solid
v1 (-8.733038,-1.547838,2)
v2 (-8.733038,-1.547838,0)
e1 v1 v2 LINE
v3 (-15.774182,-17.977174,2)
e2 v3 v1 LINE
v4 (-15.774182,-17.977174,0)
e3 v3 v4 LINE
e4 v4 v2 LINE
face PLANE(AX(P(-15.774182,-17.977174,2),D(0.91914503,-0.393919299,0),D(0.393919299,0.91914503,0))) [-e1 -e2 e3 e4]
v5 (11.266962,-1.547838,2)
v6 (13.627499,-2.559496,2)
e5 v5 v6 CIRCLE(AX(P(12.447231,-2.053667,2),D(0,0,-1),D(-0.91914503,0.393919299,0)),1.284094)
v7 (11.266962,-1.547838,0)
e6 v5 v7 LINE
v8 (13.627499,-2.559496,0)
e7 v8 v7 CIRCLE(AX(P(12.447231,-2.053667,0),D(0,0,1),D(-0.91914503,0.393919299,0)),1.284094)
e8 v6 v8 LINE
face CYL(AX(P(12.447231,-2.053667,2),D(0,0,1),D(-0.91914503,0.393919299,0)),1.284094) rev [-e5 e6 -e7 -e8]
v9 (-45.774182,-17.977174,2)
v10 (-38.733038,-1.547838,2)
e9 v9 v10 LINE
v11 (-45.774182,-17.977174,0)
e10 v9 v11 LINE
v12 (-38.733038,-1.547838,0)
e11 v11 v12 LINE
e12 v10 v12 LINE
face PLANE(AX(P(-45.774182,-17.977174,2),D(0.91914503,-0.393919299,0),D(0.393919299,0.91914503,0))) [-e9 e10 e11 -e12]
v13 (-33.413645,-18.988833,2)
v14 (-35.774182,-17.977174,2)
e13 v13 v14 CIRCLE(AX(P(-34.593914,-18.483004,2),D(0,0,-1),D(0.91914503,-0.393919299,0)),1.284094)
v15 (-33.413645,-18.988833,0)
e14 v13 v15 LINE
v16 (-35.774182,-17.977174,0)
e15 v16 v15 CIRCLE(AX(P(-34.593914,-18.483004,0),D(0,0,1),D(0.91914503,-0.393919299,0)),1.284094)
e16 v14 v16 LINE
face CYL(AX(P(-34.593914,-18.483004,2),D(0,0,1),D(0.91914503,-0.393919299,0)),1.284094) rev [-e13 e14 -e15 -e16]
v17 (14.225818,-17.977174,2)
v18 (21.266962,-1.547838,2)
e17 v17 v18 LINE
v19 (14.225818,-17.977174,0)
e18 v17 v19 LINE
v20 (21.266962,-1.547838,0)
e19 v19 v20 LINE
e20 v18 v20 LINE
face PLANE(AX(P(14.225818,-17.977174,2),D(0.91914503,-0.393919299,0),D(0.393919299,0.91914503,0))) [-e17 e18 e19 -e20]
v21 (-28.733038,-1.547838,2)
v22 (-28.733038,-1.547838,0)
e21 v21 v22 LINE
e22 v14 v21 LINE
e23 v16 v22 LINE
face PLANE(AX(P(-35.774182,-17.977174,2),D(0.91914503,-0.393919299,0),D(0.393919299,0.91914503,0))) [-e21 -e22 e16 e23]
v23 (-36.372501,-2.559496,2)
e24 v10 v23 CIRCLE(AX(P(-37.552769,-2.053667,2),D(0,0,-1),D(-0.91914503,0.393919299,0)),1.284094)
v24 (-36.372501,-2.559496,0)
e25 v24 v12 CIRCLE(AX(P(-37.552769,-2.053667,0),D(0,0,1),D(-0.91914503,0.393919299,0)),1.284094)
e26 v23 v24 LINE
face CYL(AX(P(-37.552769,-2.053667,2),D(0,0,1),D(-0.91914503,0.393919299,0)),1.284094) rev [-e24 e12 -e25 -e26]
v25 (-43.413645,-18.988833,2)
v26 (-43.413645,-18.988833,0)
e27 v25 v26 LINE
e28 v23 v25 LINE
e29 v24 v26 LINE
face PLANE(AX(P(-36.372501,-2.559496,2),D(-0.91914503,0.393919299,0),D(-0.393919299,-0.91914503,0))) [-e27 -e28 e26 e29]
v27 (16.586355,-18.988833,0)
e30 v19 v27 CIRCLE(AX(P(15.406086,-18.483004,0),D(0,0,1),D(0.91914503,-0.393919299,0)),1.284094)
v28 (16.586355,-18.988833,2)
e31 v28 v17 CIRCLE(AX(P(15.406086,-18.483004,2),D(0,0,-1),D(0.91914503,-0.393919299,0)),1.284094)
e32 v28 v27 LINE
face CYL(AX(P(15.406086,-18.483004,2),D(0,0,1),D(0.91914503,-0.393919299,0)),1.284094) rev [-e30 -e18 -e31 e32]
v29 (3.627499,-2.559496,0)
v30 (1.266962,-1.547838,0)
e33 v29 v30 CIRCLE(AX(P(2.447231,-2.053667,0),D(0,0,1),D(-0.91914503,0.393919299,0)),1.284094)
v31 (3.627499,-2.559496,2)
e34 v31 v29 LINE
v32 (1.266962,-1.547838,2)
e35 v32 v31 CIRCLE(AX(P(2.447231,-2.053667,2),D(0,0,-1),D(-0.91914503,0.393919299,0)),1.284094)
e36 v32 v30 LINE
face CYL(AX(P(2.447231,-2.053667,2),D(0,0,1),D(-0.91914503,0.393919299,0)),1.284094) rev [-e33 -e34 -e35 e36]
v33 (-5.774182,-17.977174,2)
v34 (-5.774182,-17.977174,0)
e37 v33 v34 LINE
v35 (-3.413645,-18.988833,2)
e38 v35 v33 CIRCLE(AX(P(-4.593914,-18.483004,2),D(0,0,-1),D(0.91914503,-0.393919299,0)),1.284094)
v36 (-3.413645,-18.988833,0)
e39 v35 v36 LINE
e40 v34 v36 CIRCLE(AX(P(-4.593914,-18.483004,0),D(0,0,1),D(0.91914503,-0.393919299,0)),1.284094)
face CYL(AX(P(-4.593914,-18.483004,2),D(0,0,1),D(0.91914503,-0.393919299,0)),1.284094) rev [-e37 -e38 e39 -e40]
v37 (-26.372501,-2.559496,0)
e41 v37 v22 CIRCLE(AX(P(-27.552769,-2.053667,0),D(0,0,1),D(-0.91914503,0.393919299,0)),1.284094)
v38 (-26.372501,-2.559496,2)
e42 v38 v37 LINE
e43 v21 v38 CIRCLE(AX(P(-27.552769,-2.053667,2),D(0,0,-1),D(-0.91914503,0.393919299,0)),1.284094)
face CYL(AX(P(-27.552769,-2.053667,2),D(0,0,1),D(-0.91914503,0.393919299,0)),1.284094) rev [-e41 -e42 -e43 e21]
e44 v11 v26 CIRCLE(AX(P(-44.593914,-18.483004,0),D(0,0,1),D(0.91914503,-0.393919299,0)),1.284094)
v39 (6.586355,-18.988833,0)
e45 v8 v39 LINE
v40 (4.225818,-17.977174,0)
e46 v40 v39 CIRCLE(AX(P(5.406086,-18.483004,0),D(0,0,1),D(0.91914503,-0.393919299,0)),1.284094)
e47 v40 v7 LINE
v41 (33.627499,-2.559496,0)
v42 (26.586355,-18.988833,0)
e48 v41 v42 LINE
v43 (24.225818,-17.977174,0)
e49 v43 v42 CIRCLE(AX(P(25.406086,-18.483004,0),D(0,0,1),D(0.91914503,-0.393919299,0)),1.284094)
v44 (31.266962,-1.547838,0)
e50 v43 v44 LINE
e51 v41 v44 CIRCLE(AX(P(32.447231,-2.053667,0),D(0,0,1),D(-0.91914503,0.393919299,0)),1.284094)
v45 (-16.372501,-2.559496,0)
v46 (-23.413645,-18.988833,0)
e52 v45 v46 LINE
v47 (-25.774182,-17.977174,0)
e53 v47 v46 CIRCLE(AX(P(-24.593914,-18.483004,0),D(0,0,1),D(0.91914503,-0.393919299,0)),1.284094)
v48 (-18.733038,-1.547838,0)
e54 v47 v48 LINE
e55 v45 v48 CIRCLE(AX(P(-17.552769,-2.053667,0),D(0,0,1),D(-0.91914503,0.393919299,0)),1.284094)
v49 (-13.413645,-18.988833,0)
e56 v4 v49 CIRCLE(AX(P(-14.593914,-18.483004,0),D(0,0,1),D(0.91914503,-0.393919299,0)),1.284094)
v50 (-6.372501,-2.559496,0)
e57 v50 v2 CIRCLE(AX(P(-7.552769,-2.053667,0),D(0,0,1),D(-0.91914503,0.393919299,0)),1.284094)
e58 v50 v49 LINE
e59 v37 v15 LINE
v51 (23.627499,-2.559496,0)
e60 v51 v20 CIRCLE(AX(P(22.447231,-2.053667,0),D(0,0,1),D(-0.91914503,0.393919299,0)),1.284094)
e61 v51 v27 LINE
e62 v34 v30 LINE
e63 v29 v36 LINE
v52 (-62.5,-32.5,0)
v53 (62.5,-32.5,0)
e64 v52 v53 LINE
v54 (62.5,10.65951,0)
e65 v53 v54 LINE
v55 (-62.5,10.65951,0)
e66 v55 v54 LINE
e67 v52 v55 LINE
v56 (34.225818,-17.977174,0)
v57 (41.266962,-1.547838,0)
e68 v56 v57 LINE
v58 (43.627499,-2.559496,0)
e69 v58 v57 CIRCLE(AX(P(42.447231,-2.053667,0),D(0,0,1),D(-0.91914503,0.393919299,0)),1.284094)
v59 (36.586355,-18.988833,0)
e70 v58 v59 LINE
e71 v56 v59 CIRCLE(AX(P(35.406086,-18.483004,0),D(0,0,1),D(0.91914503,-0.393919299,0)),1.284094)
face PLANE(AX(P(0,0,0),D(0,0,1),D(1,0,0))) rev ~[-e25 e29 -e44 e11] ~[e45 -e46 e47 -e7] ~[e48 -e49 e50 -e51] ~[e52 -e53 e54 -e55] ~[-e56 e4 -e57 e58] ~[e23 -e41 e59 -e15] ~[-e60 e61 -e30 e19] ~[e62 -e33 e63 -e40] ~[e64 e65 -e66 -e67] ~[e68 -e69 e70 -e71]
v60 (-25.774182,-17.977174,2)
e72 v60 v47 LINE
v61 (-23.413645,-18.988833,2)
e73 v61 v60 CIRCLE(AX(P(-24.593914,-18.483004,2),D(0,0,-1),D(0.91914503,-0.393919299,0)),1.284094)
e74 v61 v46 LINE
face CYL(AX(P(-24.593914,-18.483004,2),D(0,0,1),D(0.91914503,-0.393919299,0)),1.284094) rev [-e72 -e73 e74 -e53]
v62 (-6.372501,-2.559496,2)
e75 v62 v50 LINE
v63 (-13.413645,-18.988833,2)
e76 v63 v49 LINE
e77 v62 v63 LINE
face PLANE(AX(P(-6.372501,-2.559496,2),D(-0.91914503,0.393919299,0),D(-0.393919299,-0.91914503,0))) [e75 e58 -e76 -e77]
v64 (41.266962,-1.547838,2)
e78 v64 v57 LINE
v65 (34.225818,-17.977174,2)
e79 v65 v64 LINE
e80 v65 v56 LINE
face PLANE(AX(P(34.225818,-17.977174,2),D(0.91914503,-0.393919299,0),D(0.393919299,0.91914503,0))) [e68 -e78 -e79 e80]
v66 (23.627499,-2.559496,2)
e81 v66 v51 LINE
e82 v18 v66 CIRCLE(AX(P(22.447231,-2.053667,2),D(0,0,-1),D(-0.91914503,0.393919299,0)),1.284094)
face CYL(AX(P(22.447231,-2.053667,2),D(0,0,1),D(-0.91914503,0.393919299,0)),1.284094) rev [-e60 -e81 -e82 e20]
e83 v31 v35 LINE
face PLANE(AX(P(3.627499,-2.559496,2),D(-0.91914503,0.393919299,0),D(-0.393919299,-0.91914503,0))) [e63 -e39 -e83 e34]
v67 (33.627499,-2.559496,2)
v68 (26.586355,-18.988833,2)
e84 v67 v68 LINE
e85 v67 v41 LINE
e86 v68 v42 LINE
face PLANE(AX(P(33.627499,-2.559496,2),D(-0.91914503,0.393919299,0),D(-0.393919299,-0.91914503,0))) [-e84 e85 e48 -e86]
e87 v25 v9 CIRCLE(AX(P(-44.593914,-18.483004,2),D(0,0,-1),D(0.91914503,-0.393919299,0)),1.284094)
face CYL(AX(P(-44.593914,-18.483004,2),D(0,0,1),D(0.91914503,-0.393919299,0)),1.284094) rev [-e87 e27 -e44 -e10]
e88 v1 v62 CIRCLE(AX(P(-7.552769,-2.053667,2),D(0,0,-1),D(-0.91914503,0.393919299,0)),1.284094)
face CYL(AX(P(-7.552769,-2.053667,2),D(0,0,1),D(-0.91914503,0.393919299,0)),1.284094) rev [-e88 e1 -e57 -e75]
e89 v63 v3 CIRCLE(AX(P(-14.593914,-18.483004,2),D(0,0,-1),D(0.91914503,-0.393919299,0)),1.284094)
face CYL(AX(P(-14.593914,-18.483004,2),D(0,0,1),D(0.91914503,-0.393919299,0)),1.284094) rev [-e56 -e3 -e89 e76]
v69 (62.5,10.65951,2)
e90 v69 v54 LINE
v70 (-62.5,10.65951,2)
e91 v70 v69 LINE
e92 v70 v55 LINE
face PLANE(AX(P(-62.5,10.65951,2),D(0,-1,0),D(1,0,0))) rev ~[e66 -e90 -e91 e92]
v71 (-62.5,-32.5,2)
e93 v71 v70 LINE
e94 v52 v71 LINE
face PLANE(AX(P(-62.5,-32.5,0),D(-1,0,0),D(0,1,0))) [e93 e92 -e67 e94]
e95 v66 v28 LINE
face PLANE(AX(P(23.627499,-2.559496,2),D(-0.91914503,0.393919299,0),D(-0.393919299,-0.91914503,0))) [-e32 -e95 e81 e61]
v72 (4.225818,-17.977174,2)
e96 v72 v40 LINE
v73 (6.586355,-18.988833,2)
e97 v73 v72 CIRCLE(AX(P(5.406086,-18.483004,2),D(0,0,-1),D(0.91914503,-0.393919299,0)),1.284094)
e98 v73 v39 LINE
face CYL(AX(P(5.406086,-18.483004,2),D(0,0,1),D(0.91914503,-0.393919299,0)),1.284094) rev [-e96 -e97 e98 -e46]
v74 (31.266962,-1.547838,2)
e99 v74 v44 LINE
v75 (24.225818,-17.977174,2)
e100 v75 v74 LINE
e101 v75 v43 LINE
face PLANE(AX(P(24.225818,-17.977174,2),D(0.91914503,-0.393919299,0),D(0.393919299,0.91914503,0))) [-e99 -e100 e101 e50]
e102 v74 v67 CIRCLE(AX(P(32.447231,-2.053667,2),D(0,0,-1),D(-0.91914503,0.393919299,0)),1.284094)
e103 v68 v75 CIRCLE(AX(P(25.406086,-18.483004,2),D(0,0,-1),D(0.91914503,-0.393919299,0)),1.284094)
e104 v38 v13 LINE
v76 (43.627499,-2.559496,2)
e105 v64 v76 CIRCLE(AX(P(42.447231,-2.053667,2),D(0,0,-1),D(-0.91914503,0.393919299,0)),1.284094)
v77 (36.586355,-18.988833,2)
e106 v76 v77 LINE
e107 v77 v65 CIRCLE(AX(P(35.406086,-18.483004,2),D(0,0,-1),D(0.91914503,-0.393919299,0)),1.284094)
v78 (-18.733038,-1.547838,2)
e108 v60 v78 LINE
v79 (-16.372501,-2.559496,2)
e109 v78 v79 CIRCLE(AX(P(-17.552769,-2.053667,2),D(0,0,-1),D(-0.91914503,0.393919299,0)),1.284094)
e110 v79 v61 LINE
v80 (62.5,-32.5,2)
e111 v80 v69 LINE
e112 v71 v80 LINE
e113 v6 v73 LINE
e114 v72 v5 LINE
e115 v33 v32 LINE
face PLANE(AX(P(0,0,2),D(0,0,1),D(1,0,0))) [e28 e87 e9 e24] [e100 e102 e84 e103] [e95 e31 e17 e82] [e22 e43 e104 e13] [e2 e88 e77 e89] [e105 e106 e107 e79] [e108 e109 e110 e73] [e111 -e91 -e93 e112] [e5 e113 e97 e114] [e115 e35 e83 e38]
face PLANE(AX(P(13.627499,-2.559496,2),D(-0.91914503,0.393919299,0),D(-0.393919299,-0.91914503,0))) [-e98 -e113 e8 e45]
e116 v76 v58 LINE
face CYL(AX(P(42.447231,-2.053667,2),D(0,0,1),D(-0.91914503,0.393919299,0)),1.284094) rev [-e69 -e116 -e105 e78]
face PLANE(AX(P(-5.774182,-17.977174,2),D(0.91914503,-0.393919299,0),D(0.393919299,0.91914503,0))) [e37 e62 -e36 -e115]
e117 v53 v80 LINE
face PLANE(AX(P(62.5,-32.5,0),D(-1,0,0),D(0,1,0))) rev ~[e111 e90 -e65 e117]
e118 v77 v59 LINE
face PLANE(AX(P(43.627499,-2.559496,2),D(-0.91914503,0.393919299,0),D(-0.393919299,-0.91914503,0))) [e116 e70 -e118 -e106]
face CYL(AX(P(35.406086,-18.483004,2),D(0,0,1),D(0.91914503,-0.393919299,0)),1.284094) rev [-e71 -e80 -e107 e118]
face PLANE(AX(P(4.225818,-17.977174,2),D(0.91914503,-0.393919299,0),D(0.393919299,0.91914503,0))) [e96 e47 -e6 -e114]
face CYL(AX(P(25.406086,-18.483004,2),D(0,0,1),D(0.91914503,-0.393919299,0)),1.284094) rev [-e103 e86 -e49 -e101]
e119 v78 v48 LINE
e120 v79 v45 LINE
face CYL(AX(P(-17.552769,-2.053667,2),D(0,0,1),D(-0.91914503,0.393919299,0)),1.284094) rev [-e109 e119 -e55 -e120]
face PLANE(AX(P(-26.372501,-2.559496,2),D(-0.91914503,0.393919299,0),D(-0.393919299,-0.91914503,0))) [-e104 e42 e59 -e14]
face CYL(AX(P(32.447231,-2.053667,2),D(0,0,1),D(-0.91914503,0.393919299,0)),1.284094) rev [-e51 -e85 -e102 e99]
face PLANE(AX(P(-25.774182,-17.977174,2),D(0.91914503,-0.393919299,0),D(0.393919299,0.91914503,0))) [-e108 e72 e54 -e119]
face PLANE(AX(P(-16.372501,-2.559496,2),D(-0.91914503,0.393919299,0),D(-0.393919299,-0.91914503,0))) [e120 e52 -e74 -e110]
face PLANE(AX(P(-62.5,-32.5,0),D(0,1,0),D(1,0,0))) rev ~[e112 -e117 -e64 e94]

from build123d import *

# Parameters (mm, degrees)
SKETCH1_W           = 125
SKETCH1_H           = 65
BOSS_EXTRUDE1_DEPTH = 2
SKETCH2_W           = 125
SKETCH2_H           = 21.840489908
CUT_EXTRUDE1_DEPTH  = 3
CUT_EXTRUDE2_DEPTH  = 20
LPATTERN1_COUNT     = 9
LPATTERN1_PITCH     = 10


with BuildPart() as part:
    # Sketch1 → Boss-Extrude1 (new body)
    with BuildSketch(Plane.XY):
        Rectangle(SKETCH1_W, SKETCH1_H)
    extrude(amount=BOSS_EXTRUDE1_DEPTH)

    # Sketch2 → Cut-Extrude1 (cut, through all)
    with BuildSketch(Plane.XY.offset(2)):
        with Locations((0, 21.579755046)):
            Rectangle(SKETCH2_W, SKETCH2_H)
    extrude(amount=-CUT_EXTRUDE1_DEPTH, mode=Mode.SUBTRACT)

    # Sketch3 → Cut-Extrude2 (cut)
    with BuildSketch(Plane.XY.offset(2)):
        with BuildLine():
            Line((-45.774182217, -17.977174407), (-38.733037936, -1.547837751))
            ThreePointArc((-38.733037936, -1.547837751), (-37.046940168, -0.873398644), (-36.372501061, -2.559496412))
            Line((-36.372501061, -2.559496412), (-43.413645342, -18.988833068))
            ThreePointArc((-43.413645342, -18.988833068), (-45.09974311, -19.663272175), (-45.774182217, -17.977174407))
        make_face()
    cut_extrude2 = extrude(amount=-CUT_EXTRUDE2_DEPTH, mode=Mode.SUBTRACT)

    # LPattern1: Cut-Extrude2 ×9
    with Locations(*[(i * LPATTERN1_PITCH, 0, 0) for i in range(1, LPATTERN1_COUNT)]):
        add(cut_extrude2, mode=Mode.SUBTRACT)


solid = part.part
